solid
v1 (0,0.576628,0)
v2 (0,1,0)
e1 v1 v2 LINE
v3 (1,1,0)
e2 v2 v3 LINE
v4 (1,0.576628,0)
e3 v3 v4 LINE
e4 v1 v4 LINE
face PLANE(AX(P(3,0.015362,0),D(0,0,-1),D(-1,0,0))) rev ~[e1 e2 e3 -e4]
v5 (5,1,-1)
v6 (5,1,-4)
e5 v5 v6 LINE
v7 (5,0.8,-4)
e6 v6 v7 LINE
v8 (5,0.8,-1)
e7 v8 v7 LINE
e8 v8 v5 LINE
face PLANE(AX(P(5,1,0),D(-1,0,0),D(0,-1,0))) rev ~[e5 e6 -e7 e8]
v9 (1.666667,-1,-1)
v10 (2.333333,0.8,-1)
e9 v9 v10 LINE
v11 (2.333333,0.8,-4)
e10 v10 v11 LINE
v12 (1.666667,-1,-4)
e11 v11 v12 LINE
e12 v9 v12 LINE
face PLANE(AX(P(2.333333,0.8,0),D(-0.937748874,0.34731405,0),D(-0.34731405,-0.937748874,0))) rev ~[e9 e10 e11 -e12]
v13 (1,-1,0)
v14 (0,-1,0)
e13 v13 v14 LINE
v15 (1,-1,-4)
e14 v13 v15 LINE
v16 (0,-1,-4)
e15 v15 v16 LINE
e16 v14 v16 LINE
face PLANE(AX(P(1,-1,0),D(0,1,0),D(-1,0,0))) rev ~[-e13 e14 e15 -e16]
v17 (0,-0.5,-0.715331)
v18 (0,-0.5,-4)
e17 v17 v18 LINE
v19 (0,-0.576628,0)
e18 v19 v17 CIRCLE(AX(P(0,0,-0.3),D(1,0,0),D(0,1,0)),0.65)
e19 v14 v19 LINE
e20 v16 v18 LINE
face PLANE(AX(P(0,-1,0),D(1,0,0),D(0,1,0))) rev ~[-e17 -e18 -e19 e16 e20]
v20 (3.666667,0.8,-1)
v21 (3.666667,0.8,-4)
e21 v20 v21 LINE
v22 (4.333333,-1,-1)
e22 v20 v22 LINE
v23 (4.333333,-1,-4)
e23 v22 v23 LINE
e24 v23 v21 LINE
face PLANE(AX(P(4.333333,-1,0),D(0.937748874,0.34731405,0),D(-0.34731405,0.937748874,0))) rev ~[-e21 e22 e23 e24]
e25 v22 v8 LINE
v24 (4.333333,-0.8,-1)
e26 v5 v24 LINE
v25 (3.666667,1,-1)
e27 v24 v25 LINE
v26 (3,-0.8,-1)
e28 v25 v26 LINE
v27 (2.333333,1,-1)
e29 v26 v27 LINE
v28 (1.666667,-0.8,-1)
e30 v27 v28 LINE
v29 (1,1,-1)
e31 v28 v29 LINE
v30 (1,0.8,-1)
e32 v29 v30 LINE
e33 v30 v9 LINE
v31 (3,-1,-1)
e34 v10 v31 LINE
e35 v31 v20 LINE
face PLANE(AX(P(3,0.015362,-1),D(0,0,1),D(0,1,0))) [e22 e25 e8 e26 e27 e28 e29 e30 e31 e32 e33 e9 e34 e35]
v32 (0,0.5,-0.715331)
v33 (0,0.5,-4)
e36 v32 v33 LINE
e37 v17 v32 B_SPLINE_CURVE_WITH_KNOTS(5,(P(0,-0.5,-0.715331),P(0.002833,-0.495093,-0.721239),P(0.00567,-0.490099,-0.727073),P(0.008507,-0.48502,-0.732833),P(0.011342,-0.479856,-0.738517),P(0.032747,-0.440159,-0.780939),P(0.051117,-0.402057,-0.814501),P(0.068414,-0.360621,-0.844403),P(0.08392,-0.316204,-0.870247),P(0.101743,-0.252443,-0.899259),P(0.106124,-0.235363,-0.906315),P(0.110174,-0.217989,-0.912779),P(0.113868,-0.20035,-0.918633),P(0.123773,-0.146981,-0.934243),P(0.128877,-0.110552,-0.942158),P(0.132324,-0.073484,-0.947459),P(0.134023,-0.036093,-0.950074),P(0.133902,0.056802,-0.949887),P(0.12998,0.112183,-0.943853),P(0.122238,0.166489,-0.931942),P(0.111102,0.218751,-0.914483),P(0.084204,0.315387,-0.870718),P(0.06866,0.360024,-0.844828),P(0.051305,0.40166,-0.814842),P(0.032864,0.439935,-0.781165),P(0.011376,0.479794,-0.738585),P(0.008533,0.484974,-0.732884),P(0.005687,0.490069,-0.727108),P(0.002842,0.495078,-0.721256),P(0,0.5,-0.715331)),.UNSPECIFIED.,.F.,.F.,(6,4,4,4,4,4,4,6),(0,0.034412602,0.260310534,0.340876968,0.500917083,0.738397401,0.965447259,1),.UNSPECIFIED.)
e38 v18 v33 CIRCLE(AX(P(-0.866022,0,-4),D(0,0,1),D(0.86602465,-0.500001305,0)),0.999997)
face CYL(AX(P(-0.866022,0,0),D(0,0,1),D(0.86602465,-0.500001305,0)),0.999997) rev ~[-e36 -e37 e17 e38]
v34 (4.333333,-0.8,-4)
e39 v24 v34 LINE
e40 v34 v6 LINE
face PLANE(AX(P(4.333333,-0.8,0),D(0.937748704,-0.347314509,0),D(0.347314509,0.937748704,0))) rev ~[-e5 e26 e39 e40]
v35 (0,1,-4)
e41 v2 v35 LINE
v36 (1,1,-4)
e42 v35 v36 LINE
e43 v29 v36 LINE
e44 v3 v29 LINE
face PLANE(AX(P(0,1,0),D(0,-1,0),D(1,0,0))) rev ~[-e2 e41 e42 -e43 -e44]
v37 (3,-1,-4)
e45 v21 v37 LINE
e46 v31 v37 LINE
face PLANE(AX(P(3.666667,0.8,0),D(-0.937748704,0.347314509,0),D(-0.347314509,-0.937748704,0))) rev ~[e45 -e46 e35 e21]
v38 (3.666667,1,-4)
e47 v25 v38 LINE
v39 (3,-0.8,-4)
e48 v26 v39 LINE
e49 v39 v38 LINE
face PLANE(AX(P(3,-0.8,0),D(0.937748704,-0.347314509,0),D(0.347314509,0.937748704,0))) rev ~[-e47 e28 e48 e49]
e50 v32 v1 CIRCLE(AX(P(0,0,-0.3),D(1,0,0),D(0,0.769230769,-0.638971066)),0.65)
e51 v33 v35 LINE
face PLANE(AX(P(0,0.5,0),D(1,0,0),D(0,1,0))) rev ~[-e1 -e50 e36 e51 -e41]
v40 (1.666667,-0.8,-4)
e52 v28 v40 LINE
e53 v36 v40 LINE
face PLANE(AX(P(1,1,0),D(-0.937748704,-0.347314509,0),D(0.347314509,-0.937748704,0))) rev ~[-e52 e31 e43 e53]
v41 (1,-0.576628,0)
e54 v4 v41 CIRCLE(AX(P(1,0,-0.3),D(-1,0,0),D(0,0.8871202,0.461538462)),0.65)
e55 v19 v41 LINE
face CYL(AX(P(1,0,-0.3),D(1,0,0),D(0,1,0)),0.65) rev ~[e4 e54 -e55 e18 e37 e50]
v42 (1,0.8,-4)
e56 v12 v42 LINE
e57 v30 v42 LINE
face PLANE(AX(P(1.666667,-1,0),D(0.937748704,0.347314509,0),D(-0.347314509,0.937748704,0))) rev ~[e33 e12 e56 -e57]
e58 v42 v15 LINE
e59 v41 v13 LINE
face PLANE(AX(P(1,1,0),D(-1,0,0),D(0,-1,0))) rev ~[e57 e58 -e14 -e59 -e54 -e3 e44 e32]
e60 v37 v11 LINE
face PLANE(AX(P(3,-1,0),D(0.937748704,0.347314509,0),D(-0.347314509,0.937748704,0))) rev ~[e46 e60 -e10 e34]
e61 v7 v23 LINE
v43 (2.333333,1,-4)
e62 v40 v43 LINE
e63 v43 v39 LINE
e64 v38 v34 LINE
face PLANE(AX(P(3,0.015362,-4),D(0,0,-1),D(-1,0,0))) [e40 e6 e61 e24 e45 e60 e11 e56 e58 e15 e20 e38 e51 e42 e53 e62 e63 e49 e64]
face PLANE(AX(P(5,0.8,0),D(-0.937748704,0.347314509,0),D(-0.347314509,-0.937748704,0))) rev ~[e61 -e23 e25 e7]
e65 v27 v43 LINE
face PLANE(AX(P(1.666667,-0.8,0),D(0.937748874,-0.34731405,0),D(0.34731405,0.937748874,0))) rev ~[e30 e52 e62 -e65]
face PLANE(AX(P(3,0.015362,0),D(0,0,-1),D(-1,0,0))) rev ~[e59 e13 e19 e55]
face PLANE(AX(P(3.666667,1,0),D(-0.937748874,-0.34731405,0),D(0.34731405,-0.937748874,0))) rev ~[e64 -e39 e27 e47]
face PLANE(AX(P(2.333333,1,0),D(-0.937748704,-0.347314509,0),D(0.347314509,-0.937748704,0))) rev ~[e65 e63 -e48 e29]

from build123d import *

# Parameters (mm, degrees)
PAD011_DEPTH    = 4
PAD012_DEPTH    = 4
POCKET006_DEPTH = 1
SKETCH020_R     = 0.65
POCKET007_DEPTH = 1.001


with BuildPart() as part:
    # Sketch013 → Pad011 (new body)
    with BuildSketch(Plane.XY):
        with BuildLine():
            ThreePointArc((0, -0.5), (0.133975, 0), (0, 0.5))
            Line((0, 0.5), (0, 1))
            Line((0, 1), (1, 1))
            Line((1, 1), (1, -1))
            Line((1, -1), (0, -1))
            Line((0, -1), (0, -0.5))
        make_face()
    extrude(amount=-PAD011_DEPTH)

    # Sketch014 → Pad012 (join)
    with BuildSketch(Plane.XY):
        Polygon((1, 1), (1.666667, -0.8), (2.333333, 1), (3, -0.8), (3.666667, 1), (4.333333, -0.8), (5, 1), (5, 0.8), (4.333333, -1), (3.666667, 0.8), (3, -1), (2.333333, 0.8), (1.666667, -1), (1, 0.8), align=None)
    extrude(amount=-PAD012_DEPTH)

    # Pad012 Face8 → Pocket006 (cut)
    with BuildSketch(Plane(origin=(3, 0, 0), x_dir=(0, 1, 0), z_dir=(0, 0, 1))):
        Polygon((1, 2), (0.8, 2), (-1, 1.333333), (0.8, 0.666667), (-1, 0), (0.8, -0.666667), (-1, -1.333333), (0.8, -2), (1, -2), (-0.8, -1.333333), (1, -0.666667), (-0.8, 0), (1, 0.666667), (-0.8, 1.333333), align=None)
    extrude(amount=-POCKET006_DEPTH, mode=Mode.SUBTRACT)

    # Sketch020 (on Face9 of Pocket006) → Pocket007 (cut, through all)
    with BuildSketch(Plane.YZ.offset(1)):
        with Locations((0, -0.3)):
            Circle(SKETCH020_R)
    extrude(amount=-POCKET007_DEPTH, mode=Mode.SUBTRACT)


solid = part.part
